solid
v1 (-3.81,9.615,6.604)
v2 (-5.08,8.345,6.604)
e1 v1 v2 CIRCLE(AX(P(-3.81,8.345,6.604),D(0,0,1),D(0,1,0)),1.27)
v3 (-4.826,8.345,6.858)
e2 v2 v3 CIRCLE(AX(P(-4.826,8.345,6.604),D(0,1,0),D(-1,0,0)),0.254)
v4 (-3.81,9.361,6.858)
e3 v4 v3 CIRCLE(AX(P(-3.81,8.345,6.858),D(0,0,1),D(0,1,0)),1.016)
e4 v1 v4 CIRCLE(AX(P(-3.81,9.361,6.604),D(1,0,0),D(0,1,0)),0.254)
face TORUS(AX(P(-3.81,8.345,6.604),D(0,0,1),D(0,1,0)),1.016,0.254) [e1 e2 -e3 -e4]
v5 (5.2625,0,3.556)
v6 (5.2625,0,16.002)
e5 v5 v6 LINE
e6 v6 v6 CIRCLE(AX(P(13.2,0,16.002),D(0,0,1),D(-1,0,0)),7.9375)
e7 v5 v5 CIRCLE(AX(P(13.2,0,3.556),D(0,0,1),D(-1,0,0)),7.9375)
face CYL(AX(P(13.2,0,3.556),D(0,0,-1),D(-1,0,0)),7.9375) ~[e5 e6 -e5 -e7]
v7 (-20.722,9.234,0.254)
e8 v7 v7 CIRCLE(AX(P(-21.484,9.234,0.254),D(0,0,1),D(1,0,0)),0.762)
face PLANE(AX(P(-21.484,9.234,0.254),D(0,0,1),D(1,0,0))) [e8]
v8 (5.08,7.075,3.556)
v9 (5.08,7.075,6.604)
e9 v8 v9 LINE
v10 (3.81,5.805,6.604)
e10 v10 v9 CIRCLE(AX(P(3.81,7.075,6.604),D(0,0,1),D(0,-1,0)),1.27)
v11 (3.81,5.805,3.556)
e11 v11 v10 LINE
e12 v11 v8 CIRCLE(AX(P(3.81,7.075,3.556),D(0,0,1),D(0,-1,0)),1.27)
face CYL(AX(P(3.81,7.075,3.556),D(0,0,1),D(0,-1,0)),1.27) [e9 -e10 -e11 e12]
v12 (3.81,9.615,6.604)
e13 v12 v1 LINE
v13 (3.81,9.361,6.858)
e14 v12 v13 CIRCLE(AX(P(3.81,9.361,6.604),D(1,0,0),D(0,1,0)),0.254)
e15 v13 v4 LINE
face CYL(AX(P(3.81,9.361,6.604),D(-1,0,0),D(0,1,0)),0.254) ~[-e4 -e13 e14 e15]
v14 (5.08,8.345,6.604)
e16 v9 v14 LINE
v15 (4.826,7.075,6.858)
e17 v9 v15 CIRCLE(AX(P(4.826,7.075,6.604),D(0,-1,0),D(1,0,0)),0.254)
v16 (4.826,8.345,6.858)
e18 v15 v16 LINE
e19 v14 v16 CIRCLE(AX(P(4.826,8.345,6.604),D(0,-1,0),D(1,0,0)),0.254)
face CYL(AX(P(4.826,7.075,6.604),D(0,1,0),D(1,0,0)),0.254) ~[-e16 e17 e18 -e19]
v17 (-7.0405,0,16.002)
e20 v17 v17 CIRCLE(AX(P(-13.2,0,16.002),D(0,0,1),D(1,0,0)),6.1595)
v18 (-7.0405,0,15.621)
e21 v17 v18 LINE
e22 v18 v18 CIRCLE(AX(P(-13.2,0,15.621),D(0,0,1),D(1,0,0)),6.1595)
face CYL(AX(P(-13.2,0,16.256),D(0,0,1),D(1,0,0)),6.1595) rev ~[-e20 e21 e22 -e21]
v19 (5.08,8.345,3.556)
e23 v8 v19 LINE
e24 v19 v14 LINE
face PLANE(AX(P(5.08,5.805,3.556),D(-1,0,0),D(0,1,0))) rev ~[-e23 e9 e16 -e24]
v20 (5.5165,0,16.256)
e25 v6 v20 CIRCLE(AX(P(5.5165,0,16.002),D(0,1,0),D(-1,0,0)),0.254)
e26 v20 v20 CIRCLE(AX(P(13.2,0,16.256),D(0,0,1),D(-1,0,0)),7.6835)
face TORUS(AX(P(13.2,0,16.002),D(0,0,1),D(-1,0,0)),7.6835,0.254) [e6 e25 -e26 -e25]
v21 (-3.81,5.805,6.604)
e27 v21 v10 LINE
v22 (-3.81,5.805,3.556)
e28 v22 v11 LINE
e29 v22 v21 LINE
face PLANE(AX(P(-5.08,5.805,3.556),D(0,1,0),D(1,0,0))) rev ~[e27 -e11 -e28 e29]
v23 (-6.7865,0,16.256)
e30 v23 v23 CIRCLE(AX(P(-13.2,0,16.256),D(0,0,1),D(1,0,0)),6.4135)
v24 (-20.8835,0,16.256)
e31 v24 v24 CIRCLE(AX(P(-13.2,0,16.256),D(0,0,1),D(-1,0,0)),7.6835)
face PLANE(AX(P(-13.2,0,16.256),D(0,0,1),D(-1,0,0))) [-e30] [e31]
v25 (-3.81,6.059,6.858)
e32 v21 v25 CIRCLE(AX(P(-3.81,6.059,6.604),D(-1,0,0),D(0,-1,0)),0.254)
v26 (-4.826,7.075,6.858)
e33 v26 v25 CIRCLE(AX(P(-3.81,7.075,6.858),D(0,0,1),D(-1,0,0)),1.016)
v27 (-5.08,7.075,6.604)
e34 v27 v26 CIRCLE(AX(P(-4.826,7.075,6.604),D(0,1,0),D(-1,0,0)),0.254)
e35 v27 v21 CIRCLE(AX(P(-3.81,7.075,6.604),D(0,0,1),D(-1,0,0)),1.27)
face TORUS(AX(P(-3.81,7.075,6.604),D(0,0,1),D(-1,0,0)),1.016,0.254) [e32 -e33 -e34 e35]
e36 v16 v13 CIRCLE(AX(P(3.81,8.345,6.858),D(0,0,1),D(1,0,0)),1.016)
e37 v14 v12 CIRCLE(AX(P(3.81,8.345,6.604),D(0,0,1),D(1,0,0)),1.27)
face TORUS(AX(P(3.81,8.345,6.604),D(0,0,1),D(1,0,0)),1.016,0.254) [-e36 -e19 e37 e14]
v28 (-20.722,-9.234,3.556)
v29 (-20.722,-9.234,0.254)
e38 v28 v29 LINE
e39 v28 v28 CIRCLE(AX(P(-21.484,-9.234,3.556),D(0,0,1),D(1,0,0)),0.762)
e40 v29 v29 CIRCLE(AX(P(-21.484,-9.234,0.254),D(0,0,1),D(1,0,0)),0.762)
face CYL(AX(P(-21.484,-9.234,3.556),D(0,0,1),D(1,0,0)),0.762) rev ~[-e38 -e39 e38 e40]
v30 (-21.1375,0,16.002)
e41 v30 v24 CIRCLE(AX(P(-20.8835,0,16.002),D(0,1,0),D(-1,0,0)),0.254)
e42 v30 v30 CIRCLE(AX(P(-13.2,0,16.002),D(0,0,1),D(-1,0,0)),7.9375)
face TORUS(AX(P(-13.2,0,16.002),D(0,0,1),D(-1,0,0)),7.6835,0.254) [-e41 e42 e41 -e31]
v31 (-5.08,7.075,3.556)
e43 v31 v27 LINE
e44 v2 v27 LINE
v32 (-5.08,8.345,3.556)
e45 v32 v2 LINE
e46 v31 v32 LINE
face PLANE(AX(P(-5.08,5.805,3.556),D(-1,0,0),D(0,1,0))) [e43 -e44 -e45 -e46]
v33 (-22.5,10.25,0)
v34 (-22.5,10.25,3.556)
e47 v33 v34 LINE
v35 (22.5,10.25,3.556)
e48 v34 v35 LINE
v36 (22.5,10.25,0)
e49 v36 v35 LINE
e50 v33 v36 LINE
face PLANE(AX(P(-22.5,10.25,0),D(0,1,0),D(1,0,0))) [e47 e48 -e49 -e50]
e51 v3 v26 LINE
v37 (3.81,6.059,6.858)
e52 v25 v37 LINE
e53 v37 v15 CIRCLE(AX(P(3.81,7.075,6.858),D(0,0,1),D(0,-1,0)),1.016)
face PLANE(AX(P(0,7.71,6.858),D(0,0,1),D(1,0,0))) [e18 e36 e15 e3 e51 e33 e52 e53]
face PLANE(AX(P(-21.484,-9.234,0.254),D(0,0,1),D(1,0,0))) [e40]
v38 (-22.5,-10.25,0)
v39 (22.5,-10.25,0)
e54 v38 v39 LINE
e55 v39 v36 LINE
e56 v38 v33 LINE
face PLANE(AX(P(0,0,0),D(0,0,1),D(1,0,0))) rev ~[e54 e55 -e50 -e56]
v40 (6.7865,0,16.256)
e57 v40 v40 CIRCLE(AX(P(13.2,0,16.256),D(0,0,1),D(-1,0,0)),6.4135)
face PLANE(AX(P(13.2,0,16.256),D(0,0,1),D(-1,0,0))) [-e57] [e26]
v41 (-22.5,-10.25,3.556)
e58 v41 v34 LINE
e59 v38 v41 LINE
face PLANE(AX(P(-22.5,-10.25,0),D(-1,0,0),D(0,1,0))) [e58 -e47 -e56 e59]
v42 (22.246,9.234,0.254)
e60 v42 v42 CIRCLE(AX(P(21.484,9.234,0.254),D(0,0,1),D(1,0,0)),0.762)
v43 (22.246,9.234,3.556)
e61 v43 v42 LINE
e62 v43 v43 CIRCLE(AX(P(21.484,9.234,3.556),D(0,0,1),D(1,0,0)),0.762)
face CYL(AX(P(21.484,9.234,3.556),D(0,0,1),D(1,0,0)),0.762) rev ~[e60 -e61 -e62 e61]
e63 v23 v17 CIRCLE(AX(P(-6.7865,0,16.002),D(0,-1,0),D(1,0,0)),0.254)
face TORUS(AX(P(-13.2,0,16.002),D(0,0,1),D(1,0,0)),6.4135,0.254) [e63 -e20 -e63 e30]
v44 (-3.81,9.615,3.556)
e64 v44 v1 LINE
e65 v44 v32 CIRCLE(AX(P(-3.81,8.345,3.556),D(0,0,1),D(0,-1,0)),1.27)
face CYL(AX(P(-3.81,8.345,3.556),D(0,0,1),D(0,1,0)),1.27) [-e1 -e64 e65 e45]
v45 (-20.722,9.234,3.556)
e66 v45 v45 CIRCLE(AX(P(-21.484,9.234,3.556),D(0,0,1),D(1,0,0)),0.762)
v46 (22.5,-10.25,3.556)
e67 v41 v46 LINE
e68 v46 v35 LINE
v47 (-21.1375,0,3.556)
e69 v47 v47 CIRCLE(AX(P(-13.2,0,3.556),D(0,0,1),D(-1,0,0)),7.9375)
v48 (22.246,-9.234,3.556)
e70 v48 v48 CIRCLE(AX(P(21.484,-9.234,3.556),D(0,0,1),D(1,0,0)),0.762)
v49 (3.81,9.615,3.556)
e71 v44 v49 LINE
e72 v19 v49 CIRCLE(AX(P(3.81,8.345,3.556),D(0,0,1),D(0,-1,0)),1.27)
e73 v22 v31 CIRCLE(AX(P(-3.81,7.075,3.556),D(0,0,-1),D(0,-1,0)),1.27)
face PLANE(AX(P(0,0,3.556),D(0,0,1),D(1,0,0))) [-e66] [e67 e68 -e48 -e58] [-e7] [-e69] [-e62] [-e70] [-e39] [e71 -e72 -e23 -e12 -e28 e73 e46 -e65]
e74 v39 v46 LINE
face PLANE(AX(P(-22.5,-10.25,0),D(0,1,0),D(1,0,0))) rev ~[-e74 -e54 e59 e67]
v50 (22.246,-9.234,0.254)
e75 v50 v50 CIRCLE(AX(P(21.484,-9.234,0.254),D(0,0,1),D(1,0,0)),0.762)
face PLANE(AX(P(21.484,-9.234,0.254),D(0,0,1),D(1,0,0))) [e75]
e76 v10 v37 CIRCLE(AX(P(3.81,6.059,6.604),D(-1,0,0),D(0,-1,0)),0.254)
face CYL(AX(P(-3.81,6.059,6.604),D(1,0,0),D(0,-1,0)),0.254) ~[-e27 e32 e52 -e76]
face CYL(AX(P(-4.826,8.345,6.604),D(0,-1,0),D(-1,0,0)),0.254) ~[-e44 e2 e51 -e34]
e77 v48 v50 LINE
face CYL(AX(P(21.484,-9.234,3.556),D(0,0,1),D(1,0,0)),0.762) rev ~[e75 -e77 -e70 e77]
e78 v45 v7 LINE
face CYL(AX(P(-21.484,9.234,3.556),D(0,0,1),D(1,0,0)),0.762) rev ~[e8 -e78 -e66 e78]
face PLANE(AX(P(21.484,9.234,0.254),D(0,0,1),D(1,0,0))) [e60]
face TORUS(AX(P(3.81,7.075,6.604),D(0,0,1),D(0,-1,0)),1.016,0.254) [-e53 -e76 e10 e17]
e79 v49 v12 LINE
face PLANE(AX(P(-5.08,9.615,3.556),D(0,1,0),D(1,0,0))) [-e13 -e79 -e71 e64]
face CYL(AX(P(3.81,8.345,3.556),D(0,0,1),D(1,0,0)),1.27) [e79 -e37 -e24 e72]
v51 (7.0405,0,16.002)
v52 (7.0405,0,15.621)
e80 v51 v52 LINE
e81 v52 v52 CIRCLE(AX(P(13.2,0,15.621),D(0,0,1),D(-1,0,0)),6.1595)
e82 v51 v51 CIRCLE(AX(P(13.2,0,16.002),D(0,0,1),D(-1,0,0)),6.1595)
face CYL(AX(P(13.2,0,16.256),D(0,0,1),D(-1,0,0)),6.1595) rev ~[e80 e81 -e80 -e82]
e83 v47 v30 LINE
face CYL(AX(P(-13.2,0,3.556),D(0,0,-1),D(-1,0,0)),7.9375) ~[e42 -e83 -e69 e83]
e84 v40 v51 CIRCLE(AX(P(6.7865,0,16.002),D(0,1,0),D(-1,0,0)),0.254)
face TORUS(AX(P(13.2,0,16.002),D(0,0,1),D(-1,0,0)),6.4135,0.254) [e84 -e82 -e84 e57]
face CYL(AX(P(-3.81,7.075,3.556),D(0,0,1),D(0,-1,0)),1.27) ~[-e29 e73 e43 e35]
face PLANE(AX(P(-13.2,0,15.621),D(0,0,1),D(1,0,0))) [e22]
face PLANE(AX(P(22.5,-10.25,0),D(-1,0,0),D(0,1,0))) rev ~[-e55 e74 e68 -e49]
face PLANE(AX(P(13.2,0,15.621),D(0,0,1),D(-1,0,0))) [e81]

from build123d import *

# Parameters (mm, degrees)
SKETCH1_W           = 45
SKETCH1_H           = 20.5
BOSS_EXTRUDE2_DEPTH = 3.556
SKETCH2_R           = 7.9375
BOSS_EXTRUDE3_DEPTH = 12.7
SKETCH3_R           = 6.1595
CUT_EXTRUDE1_DEPTH  = 0.635
SKETCH4_W           = 10.16
SKETCH4_H           = 3.81
BOSS_EXTRUDE4_DEPTH = 3.302
FILLET1_R           = 1.27
FILLET2_R           = 0.254
SKETCH5_R           = 0.762
CUT_EXTRUDE2_DEPTH  = 3.302


with BuildPart() as part:
    # Sketch1 → Boss-Extrude2 (new body)
    with BuildSketch(Plane.XY):
        Rectangle(SKETCH1_W, SKETCH1_H)
    extrude(amount=BOSS_EXTRUDE2_DEPTH)

    # Sketch2 → Boss-Extrude3 (add)
    with BuildSketch(Plane.XY.offset(3.556)):
        with Locations((13.2, 0)):
            Circle(SKETCH2_R)
        with Locations((-13.2, 0)):
            Circle(SKETCH2_R)
    extrude(amount=BOSS_EXTRUDE3_DEPTH)

    # Sketch3 → Cut-Extrude1 (cut)
    with BuildSketch(Plane.XY.offset(16.256)):
        with Locations((-13.2, 0)):
            Circle(SKETCH3_R)
        with Locations((13.2, 0)):
            Circle(SKETCH3_R)
    extrude(amount=-CUT_EXTRUDE1_DEPTH, mode=Mode.SUBTRACT)

    # Sketch4 → Boss-Extrude4 (add)
    with BuildSketch(Plane.XY.offset(3.556)):
        with Locations((0, 7.71)):
            Rectangle(SKETCH4_W, SKETCH4_H)
    extrude(amount=BOSS_EXTRUDE4_DEPTH)

    # Fillet1
    fillet1_edges = [part.edges().sort_by_distance(p)[0] for p in [
        (5.08, 5.805, 5.207),
        (-5.08, 9.615, 5.207),
        (5.08, 9.615, 5.207),
        (-5.08, 5.805, 5.207),
    ]]
    fillet(fillet1_edges, radius=FILLET1_R)

    # Fillet2
    fillet2_edges = [part.edges().sort_by_distance(p)[0] for p in [
        (-4.708025612, 6.176974388, 6.858),
        (-5.08, 7.71, 6.858),
        (-4.708025612, 9.243025612, 6.858),
        (0, 9.615, 6.858),
        (4.708025612, 9.243025612, 6.858),
        (5.08, 7.71, 6.858),
        (4.708025612, 6.176974388, 6.858),
        (0, 5.805, 6.858),
        (5.2625, 0, 16.256),
        (7.0405, 0, 16.256),
        (-21.1375, 0, 16.256),
        (-19.3595, 0, 16.256),
    ]]
    fillet(fillet2_edges, radius=FILLET2_R)

    # Sketch5 → Cut-Extrude2 (cut)
    with BuildSketch(Plane.XY.offset(3.556)):
        with Locations((21.484, -9.234)):
            Circle(SKETCH5_R)
        with Locations((21.484, 9.234)):
            Circle(SKETCH5_R)
        with Locations((-21.484, 9.234)):
            Circle(SKETCH5_R)
        with Locations((-21.484, -9.234)):
            Circle(SKETCH5_R)
    extrude(amount=-CUT_EXTRUDE2_DEPTH, mode=Mode.SUBTRACT)


solid = part.part
